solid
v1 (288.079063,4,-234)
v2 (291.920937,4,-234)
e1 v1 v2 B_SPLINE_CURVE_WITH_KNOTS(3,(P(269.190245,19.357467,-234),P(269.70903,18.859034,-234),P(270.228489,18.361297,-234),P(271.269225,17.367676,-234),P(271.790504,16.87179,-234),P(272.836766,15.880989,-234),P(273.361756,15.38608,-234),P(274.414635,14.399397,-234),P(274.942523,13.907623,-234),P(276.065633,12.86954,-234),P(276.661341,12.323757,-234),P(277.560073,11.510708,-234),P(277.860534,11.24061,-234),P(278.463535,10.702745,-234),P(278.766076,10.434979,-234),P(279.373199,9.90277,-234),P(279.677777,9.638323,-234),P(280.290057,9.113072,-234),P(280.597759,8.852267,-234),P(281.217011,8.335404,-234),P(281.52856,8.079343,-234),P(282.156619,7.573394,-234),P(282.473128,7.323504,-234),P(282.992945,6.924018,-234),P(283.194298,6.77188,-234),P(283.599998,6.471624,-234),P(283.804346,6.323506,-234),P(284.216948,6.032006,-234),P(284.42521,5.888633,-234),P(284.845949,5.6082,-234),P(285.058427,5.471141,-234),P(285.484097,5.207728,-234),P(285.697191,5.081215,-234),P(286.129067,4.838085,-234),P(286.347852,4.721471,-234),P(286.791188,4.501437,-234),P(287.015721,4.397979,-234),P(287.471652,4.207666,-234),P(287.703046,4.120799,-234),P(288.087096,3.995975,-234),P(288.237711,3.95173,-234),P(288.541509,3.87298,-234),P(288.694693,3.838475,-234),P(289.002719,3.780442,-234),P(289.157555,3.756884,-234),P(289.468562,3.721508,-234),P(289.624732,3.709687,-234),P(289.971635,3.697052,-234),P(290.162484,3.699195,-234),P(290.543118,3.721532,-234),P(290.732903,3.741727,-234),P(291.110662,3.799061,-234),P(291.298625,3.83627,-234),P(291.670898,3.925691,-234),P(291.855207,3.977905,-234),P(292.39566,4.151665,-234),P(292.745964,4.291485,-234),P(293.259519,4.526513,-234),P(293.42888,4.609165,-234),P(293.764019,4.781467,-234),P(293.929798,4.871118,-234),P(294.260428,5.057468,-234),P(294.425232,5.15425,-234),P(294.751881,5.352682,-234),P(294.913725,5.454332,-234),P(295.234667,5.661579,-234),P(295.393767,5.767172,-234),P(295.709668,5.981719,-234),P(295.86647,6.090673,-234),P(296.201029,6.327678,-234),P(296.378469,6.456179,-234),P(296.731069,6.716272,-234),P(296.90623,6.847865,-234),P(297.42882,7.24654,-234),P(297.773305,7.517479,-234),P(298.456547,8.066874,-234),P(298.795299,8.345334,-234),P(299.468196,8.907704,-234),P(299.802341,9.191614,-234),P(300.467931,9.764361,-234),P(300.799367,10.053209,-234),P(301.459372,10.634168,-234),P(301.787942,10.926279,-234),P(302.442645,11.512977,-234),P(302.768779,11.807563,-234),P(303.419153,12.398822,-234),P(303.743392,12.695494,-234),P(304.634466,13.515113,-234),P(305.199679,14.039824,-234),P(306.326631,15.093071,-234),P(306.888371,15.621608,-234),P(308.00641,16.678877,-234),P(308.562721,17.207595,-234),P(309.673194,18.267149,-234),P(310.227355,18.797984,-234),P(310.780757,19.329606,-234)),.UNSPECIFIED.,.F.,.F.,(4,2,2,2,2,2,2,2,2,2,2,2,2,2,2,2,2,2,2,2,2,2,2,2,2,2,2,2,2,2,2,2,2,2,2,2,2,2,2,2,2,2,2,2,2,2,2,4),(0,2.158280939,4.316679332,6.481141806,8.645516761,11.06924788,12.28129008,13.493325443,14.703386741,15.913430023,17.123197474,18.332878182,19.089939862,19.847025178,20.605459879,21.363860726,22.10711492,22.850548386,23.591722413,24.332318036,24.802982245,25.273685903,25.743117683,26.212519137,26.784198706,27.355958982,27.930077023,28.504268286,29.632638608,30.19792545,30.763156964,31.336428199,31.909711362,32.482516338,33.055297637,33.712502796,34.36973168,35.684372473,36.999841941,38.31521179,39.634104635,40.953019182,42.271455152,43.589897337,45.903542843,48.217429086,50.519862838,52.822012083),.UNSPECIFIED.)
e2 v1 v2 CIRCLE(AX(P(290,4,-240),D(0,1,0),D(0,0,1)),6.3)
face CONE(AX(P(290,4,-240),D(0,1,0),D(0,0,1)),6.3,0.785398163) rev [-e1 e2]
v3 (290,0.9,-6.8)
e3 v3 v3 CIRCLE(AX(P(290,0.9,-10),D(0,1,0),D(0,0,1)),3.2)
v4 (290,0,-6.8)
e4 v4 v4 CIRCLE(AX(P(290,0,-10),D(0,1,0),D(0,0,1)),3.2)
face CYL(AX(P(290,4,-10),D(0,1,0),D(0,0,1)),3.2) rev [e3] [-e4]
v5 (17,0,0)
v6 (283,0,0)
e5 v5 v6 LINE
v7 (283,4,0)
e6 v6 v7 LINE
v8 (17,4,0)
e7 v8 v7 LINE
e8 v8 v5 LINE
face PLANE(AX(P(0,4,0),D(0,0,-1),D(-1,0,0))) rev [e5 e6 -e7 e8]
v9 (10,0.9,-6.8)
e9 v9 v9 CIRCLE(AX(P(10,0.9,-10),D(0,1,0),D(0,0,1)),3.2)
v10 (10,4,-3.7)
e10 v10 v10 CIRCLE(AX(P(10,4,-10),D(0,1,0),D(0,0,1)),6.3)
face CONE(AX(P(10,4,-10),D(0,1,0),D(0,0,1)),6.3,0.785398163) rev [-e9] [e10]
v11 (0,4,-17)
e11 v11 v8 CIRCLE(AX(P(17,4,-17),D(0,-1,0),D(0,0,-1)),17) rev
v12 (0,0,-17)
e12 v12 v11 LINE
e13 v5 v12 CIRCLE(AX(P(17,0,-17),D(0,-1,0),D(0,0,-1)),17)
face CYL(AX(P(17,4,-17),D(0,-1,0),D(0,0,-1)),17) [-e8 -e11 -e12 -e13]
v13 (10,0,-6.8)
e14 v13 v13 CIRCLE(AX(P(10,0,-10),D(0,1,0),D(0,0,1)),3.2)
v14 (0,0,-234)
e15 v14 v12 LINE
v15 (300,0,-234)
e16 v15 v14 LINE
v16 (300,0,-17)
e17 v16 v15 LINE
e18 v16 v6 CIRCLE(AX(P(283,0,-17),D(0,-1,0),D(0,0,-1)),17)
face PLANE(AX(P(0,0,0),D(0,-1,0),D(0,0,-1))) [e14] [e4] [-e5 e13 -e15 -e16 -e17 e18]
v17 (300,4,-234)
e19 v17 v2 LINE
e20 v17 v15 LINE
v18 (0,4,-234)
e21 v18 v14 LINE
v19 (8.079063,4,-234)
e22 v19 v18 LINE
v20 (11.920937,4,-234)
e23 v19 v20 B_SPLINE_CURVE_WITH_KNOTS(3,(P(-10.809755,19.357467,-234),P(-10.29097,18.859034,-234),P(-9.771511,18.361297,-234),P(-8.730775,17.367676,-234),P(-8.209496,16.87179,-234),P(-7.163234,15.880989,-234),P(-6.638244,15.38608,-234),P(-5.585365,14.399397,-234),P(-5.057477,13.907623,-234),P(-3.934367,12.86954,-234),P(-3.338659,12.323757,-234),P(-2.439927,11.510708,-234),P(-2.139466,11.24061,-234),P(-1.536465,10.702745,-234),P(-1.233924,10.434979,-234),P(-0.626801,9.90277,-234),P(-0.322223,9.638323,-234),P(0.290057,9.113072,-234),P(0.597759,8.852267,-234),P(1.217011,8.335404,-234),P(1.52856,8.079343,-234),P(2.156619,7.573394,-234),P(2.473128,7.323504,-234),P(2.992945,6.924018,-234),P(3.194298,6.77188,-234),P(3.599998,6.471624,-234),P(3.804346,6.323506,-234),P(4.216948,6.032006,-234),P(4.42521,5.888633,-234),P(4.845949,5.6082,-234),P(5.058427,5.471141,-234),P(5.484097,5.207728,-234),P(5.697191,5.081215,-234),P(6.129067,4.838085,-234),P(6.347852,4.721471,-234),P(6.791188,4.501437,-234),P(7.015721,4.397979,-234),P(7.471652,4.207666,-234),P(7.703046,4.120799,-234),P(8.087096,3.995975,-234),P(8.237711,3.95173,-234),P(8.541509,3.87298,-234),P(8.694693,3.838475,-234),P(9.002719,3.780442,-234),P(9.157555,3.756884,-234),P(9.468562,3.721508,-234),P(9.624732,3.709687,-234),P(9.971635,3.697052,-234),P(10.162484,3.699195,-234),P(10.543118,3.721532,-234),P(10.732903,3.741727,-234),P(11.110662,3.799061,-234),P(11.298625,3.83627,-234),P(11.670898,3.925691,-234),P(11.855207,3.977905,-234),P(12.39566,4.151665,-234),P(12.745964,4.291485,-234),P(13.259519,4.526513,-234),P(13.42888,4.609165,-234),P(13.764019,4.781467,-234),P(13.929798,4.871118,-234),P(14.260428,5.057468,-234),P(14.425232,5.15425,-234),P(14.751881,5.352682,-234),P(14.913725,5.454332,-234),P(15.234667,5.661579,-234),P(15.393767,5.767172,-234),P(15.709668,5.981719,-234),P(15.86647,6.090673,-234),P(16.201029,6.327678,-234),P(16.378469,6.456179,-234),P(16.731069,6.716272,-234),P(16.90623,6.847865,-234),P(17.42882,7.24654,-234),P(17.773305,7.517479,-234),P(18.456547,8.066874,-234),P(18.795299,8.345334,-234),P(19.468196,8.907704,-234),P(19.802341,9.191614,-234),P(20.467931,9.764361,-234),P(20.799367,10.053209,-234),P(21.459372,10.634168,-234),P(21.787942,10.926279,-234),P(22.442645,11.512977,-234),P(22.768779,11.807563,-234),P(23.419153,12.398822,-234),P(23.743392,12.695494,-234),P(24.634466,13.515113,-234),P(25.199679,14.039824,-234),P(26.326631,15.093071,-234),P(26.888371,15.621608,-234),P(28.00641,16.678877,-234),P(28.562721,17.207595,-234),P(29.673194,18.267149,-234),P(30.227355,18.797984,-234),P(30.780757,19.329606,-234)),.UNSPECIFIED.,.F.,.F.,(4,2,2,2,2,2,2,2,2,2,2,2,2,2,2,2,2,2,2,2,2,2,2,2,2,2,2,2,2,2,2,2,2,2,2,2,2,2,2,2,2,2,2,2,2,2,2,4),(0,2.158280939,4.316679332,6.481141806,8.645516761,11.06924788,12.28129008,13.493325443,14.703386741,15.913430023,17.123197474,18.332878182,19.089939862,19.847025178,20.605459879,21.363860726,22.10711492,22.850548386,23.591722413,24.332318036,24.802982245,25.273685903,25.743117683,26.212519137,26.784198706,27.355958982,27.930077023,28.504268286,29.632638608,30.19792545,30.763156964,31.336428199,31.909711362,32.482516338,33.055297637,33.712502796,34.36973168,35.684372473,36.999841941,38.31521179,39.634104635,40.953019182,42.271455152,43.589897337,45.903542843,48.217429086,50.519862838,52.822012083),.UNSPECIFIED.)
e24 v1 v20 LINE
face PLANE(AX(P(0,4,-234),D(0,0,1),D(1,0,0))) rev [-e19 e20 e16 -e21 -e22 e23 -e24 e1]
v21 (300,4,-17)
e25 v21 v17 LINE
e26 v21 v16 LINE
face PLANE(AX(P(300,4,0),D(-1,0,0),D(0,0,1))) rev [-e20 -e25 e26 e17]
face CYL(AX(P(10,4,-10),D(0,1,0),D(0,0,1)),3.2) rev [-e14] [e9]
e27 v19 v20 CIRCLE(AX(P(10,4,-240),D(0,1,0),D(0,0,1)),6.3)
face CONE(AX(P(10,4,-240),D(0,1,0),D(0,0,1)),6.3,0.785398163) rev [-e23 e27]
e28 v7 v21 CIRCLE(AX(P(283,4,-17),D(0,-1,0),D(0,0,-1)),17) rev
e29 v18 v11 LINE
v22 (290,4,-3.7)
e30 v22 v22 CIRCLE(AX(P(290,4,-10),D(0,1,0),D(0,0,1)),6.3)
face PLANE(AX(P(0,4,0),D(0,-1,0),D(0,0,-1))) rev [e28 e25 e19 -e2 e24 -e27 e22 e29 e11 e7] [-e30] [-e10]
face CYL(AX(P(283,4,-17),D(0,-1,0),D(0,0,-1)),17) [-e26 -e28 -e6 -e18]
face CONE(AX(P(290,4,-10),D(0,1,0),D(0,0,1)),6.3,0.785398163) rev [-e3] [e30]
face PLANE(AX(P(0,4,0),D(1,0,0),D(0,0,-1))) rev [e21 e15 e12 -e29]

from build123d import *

# Parameters (mm, degrees)
SKIZZE1_W                                   = 300
SKIZZE1_H                                   = 234
AUFSATZ_LINEAR_AUSTRAGEN1_DEPTH             = 4
VERRUNDUNG1_R                               = 17
FORMSENKUNG_F_R_M6_SENKSCHRAUBE_MIT_2_COUNT = 2
FORMSENKUNG_F_R_M6_SENKSCHRAUBE_MIT_2_PITCH = 280
FORMSENKUNG_F_R_M6_SENKSCHRAUBE_MIT_3_COUNT = 2
FORMSENKUNG_F_R_M6_SENKSCHRAUBE_MIT_3_PITCH = 362.35341864
FORMSENKUNG_F_R_M6_SENKSCHRAUBE_MIT_4_COUNT = 2
FORMSENKUNG_F_R_M6_SENKSCHRAUBE_MIT_4_PITCH = 230


with BuildPart() as part:
    # Skizze1 → Aufsatz-Linear austragen1 (new body)
    with BuildSketch(Plane(origin=(0, 0, 0), x_dir=(1, 0, 0), z_dir=(0, 1, 0))):
        with Locations((150, 117)):
            Rectangle(SKIZZE1_W, SKIZZE1_H)
    extrude(amount=AUFSATZ_LINEAR_AUSTRAGEN1_DEPTH)

    # Verrundung1
    verrundung1_edges = [part.edges().sort_by_distance(p)[0] for p in [
        (300, 2, 0),
        (0, 2, 0),
    ]]
    fillet(verrundung1_edges, radius=VERRUNDUNG1_R)

    # Skizze2 → Formsenkung für M6 Senkschraube mit Schlitz/Kreuzschlitz1 (revolve, cut)
    with BuildSketch(Plane(origin=(10, 4, -10), x_dir=(0, 0, 1), z_dir=(1, 0, 0))):
        Polygon((0, 0), (0, 4), (3.2, 4), (3.2, 3.1), (6.3, 0), align=None)
    formsenkung_f_r_m6_senkschraube_mit_schl = revolve(axis=Axis((10, 10.35, -10), (0, -1, 0)), mode=Mode.SUBTRACT)

    # Formsenkung f_r M6 Senkschraube mit  2: Formsenkung für M6 Senkschraube mit Schlitz/Kreuzschlitz1 ×2
    with Locations(*[(i * FORMSENKUNG_F_R_M6_SENKSCHRAUBE_MIT_2_PITCH, 0, 0) for i in range(1, FORMSENKUNG_F_R_M6_SENKSCHRAUBE_MIT_2_COUNT)]):
        add(formsenkung_f_r_m6_senkschraube_mit_schl, mode=Mode.SUBTRACT)

    # Formsenkung f_r M6 Senkschraube mit  3: Formsenkung für M6 Senkschraube mit Schlitz/Kreuzschlitz1 ×2
    with Locations(*[Vector(0.7727262545252342, 0, -0.6347394233600139) * (i * FORMSENKUNG_F_R_M6_SENKSCHRAUBE_MIT_3_PITCH) for i in range(1, FORMSENKUNG_F_R_M6_SENKSCHRAUBE_MIT_3_COUNT)]):
        add(formsenkung_f_r_m6_senkschraube_mit_schl, mode=Mode.SUBTRACT)

    # Formsenkung f_r M6 Senkschraube mit  4: Formsenkung für M6 Senkschraube mit Schlitz/Kreuzschlitz1 ×2
    with Locations(*[(0, 0, -i * FORMSENKUNG_F_R_M6_SENKSCHRAUBE_MIT_4_PITCH) for i in range(1, FORMSENKUNG_F_R_M6_SENKSCHRAUBE_MIT_4_COUNT)]):
        add(formsenkung_f_r_m6_senkschraube_mit_schl, mode=Mode.SUBTRACT)


solid = part.part
